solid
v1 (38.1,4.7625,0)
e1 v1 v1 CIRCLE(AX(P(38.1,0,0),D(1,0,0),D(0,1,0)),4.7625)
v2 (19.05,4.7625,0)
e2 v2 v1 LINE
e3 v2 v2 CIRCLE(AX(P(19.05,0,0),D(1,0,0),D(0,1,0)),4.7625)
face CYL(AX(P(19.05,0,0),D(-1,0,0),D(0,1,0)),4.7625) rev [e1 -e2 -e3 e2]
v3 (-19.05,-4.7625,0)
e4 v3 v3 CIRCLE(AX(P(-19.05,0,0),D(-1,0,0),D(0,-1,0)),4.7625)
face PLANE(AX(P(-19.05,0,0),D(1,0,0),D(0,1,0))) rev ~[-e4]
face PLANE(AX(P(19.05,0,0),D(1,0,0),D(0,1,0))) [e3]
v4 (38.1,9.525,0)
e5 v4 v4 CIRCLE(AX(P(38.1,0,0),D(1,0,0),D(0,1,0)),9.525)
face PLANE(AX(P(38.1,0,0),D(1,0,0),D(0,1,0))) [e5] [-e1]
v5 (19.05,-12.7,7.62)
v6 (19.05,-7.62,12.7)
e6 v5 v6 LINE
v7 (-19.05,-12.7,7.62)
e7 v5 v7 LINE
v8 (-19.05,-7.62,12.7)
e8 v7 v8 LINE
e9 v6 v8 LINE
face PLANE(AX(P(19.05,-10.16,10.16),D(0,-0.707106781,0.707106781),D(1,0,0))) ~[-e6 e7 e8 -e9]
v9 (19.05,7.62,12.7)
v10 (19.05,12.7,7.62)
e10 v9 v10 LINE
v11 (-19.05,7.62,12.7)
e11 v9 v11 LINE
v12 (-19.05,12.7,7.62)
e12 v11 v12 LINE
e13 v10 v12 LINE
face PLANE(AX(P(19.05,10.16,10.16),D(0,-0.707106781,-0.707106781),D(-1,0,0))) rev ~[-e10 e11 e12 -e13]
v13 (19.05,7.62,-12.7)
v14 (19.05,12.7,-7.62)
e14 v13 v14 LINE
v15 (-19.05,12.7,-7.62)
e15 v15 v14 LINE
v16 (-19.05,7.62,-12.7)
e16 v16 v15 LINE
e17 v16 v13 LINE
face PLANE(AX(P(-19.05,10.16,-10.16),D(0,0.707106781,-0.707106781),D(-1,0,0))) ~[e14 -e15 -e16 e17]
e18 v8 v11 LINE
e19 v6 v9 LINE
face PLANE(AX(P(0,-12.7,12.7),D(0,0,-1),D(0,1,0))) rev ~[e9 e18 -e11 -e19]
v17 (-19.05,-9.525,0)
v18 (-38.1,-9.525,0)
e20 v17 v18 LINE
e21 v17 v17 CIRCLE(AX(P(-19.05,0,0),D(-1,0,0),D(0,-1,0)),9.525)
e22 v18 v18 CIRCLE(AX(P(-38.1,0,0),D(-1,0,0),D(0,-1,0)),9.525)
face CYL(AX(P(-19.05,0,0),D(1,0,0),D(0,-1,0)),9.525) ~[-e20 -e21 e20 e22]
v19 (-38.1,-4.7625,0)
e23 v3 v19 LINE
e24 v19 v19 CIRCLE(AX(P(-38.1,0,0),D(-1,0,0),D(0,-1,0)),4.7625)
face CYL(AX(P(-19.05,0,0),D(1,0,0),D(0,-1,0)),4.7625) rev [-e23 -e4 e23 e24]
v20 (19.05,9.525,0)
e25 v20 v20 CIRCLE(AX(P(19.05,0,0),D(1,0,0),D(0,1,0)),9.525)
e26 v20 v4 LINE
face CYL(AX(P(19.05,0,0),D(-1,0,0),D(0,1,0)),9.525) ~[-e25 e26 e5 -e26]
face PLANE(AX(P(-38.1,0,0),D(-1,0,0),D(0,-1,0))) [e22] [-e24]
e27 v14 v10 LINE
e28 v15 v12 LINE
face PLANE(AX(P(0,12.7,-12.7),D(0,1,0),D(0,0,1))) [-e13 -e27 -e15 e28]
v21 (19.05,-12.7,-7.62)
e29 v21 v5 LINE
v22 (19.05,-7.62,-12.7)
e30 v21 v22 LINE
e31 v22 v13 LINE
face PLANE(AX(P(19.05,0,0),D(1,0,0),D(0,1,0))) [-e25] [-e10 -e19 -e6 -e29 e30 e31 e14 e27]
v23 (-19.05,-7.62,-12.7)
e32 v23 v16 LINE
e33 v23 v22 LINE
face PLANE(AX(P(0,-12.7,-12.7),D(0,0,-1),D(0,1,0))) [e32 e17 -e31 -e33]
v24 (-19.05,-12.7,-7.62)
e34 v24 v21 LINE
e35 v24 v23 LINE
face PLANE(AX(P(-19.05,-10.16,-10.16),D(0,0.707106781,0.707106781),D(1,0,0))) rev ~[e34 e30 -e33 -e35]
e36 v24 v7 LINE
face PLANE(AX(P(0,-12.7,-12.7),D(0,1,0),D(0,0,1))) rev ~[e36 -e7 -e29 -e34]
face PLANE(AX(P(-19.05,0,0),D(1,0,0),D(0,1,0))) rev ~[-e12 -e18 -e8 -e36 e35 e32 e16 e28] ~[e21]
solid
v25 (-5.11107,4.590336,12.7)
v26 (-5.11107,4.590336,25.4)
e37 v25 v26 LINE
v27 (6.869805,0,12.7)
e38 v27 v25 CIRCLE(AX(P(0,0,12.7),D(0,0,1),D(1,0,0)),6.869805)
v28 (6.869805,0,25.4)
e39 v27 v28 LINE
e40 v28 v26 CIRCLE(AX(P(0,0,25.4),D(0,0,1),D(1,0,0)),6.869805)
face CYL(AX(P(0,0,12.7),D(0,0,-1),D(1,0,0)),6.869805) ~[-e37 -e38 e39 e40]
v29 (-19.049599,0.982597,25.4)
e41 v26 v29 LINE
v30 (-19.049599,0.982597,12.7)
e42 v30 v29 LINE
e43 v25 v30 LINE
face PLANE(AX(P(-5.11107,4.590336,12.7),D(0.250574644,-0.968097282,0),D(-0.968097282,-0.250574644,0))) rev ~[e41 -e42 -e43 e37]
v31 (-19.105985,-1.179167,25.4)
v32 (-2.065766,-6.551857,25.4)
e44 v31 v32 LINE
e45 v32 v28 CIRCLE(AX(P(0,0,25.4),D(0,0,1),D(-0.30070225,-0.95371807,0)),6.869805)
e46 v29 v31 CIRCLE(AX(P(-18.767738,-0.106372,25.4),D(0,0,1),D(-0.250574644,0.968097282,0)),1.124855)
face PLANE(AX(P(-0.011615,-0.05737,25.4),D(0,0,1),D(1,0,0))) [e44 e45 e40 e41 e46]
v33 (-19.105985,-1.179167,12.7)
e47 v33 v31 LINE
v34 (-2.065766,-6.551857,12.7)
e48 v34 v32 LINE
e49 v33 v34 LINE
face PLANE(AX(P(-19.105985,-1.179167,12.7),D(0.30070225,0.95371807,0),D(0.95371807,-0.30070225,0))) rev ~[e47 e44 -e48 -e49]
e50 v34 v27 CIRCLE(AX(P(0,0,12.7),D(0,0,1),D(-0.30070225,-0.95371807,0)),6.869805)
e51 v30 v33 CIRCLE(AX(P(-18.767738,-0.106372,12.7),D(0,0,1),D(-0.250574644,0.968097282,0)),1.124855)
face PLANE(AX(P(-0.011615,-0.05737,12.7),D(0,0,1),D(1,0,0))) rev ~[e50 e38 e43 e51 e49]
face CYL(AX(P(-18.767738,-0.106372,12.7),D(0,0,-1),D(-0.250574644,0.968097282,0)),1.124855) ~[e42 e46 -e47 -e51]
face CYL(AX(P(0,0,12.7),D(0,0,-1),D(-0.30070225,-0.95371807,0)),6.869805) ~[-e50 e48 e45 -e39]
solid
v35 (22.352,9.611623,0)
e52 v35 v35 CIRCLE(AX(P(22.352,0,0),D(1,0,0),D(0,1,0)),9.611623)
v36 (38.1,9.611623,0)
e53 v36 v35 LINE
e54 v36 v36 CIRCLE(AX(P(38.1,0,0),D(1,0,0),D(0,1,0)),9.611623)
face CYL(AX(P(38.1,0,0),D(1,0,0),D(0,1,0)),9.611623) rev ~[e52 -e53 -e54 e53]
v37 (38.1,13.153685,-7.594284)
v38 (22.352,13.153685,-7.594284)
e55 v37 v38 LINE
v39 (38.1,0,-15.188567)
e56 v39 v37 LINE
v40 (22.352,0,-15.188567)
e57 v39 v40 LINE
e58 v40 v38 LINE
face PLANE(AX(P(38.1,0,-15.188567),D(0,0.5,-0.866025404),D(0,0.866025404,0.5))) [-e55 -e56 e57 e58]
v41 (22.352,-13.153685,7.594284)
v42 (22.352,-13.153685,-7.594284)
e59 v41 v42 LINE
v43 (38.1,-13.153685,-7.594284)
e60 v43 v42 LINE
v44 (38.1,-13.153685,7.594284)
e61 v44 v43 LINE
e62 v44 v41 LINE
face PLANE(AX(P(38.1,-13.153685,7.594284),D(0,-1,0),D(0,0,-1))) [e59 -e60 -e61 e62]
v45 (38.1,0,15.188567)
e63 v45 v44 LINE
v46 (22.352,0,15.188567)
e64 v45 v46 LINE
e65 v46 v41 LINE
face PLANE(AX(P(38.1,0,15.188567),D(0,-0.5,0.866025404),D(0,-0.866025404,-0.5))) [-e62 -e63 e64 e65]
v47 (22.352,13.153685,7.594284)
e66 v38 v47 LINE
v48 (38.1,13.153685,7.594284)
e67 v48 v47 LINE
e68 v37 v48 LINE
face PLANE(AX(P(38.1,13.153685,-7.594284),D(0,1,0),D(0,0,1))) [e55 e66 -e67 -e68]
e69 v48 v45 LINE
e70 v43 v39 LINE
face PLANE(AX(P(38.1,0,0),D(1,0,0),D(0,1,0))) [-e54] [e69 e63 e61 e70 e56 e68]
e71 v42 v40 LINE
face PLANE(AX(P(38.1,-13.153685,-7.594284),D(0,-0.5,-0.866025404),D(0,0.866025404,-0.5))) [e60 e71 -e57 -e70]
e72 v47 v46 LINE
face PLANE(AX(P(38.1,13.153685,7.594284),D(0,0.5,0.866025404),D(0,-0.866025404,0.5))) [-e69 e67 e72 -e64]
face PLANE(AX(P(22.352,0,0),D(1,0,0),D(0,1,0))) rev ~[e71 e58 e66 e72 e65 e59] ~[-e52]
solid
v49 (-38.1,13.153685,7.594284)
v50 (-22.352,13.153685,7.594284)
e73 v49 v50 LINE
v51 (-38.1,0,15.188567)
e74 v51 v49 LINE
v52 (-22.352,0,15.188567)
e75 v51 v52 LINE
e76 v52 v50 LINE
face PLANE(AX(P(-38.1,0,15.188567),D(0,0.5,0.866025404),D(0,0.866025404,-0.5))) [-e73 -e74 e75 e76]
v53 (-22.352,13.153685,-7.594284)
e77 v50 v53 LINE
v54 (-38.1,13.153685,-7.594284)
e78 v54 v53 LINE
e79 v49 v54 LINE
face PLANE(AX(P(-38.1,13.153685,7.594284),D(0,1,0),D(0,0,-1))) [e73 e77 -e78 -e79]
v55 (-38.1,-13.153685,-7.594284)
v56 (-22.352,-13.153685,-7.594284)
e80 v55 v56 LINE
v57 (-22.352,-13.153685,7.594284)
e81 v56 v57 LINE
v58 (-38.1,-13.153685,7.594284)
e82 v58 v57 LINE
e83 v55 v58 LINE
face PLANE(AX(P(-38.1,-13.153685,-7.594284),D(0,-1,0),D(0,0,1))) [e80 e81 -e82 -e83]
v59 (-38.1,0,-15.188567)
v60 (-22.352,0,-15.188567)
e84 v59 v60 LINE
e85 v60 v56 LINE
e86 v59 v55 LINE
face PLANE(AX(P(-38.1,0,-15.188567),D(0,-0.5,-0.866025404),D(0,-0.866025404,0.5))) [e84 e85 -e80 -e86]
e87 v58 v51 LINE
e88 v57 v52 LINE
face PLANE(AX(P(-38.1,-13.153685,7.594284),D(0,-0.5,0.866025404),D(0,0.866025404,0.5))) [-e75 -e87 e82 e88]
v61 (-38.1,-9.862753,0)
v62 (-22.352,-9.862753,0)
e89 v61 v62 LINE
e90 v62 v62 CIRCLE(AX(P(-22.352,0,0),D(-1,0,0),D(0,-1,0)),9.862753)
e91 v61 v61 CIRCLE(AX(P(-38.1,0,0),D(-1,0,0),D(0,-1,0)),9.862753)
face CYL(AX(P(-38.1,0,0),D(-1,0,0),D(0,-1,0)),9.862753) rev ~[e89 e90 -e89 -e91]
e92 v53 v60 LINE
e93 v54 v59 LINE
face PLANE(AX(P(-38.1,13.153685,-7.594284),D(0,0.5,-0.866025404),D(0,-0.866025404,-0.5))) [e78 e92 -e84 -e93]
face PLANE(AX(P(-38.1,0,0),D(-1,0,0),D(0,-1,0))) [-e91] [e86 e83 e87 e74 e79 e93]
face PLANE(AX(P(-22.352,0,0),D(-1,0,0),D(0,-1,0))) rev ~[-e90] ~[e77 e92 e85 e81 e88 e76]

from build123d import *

# Parameters (mm, degrees)
F0_W      = 25.4
F0_H      = 25.4
F1_DEPTH  = 19.05
F2_R      = 9.525
F2_R_2    = 4.7625
F3_DEPTH  = 19.05
F4_R      = 9.525
F4_R_2    = 4.7625
F5_DEPTH  = 19.05
F6_R      = 9.8627532025
F7_DEPTH  = 15.748
F8_R      = 9.6116225183
F9_DEPTH  = 15.748
F10_SIZE  = 5.08
F12_DEPTH = 12.7


with BuildPart() as f1:
    # F0 (on Right) → F1 (new body, symmetric)
    with BuildSketch(Plane.YZ):
        Rectangle(F0_W, F0_H)
    extrude(amount=F1_DEPTH, both=True)

    # F2 (on face) → F3 (join)
    with BuildSketch(Plane.YZ.offset(19.05)):
        Circle(F2_R)
        Circle(F2_R_2, mode=Mode.SUBTRACT)
    extrude(amount=F3_DEPTH)

    # F4 (on face) → F5 (join)
    with BuildSketch(Plane(origin=(-19.05, 0, 0), x_dir=(0, -1, 0), z_dir=(-1, 0, 0))):
        Circle(F4_R)
        Circle(F4_R_2, mode=Mode.SUBTRACT)
    extrude(amount=F5_DEPTH)

    # F10
    f10_edges = [f1.edges().sort_by_distance(p)[0] for p in [
        (0, 12.7, 12.7),
        (0, 12.7, -12.7),
        (0, -12.7, 12.7),
        (0, -12.7, -12.7),
    ]]
    chamfer(f10_edges, length=F10_SIZE)


with BuildPart() as f7:
    # F6 (on face) → F7 (new body)
    with BuildSketch(Plane(origin=(-38.1, 0, 0), x_dir=(0, -1, 0), z_dir=(-1, 0, 0))):
        Polygon((13.1536852568, -7.5942837239), (13.1536852568, 7.5942837239), (0, 15.1885674477), (-13.1536852568, 7.5942837239), (-13.1536852568, -7.5942837239), (0, -15.1885674477), align=None)
        Circle(F6_R, mode=Mode.SUBTRACT)
    extrude(amount=-F7_DEPTH)


with BuildPart() as f9:
    # F8 (on face) → F9 (new body)
    with BuildSketch(Plane.YZ.offset(38.1)):
        Polygon((13.1536852568, -7.5942837239), (13.1536852568, 7.5942837239), (0, 15.1885674477), (-13.1536852568, 7.5942837239), (-13.1536852568, -7.5942837239), (0, -15.1885674477), align=None)
        Circle(F8_R, mode=Mode.SUBTRACT)
    extrude(amount=-F9_DEPTH)


with BuildPart() as f12:
    # F11 (on face) → F12 (new body)
    with BuildSketch(Plane.XY.offset(12.7)):
        with BuildLine():
            ThreePointArc((-2.065765834, -6.5518572039), (4.0621923121, -5.5401096488), (6.869805041, 0))
            ThreePointArc((6.869805041, 0), (2.4578613882, 6.4150712153), (-5.1110702392, 4.5903357515))
            ThreePointArc((-5.1110702392, 4.5903357515), (-6.6267533505, -1.811176781), (-2.065765834, -6.5518572039))
        make_face()
        with BuildLine():
            ThreePointArc((-2.065765834, -6.5518572039), (-6.6267533505, -1.811176781), (-5.1110702392, 4.5903357515))
            Line((-5.1110702392, 4.5903357515), (-19.049598554, 0.9825973271))
            ThreePointArc((-19.049598554, 0.9825973271), (-19.8922110508, -0.0770417102), (-19.1059848489, -1.1791665074))
            Line((-19.1059848489, -1.1791665074), (-2.065765834, -6.5518572039))
        make_face()
    extrude(amount=F12_DEPTH)


solid = Compound([f1.part, f7.part, f9.part, f12.part])
